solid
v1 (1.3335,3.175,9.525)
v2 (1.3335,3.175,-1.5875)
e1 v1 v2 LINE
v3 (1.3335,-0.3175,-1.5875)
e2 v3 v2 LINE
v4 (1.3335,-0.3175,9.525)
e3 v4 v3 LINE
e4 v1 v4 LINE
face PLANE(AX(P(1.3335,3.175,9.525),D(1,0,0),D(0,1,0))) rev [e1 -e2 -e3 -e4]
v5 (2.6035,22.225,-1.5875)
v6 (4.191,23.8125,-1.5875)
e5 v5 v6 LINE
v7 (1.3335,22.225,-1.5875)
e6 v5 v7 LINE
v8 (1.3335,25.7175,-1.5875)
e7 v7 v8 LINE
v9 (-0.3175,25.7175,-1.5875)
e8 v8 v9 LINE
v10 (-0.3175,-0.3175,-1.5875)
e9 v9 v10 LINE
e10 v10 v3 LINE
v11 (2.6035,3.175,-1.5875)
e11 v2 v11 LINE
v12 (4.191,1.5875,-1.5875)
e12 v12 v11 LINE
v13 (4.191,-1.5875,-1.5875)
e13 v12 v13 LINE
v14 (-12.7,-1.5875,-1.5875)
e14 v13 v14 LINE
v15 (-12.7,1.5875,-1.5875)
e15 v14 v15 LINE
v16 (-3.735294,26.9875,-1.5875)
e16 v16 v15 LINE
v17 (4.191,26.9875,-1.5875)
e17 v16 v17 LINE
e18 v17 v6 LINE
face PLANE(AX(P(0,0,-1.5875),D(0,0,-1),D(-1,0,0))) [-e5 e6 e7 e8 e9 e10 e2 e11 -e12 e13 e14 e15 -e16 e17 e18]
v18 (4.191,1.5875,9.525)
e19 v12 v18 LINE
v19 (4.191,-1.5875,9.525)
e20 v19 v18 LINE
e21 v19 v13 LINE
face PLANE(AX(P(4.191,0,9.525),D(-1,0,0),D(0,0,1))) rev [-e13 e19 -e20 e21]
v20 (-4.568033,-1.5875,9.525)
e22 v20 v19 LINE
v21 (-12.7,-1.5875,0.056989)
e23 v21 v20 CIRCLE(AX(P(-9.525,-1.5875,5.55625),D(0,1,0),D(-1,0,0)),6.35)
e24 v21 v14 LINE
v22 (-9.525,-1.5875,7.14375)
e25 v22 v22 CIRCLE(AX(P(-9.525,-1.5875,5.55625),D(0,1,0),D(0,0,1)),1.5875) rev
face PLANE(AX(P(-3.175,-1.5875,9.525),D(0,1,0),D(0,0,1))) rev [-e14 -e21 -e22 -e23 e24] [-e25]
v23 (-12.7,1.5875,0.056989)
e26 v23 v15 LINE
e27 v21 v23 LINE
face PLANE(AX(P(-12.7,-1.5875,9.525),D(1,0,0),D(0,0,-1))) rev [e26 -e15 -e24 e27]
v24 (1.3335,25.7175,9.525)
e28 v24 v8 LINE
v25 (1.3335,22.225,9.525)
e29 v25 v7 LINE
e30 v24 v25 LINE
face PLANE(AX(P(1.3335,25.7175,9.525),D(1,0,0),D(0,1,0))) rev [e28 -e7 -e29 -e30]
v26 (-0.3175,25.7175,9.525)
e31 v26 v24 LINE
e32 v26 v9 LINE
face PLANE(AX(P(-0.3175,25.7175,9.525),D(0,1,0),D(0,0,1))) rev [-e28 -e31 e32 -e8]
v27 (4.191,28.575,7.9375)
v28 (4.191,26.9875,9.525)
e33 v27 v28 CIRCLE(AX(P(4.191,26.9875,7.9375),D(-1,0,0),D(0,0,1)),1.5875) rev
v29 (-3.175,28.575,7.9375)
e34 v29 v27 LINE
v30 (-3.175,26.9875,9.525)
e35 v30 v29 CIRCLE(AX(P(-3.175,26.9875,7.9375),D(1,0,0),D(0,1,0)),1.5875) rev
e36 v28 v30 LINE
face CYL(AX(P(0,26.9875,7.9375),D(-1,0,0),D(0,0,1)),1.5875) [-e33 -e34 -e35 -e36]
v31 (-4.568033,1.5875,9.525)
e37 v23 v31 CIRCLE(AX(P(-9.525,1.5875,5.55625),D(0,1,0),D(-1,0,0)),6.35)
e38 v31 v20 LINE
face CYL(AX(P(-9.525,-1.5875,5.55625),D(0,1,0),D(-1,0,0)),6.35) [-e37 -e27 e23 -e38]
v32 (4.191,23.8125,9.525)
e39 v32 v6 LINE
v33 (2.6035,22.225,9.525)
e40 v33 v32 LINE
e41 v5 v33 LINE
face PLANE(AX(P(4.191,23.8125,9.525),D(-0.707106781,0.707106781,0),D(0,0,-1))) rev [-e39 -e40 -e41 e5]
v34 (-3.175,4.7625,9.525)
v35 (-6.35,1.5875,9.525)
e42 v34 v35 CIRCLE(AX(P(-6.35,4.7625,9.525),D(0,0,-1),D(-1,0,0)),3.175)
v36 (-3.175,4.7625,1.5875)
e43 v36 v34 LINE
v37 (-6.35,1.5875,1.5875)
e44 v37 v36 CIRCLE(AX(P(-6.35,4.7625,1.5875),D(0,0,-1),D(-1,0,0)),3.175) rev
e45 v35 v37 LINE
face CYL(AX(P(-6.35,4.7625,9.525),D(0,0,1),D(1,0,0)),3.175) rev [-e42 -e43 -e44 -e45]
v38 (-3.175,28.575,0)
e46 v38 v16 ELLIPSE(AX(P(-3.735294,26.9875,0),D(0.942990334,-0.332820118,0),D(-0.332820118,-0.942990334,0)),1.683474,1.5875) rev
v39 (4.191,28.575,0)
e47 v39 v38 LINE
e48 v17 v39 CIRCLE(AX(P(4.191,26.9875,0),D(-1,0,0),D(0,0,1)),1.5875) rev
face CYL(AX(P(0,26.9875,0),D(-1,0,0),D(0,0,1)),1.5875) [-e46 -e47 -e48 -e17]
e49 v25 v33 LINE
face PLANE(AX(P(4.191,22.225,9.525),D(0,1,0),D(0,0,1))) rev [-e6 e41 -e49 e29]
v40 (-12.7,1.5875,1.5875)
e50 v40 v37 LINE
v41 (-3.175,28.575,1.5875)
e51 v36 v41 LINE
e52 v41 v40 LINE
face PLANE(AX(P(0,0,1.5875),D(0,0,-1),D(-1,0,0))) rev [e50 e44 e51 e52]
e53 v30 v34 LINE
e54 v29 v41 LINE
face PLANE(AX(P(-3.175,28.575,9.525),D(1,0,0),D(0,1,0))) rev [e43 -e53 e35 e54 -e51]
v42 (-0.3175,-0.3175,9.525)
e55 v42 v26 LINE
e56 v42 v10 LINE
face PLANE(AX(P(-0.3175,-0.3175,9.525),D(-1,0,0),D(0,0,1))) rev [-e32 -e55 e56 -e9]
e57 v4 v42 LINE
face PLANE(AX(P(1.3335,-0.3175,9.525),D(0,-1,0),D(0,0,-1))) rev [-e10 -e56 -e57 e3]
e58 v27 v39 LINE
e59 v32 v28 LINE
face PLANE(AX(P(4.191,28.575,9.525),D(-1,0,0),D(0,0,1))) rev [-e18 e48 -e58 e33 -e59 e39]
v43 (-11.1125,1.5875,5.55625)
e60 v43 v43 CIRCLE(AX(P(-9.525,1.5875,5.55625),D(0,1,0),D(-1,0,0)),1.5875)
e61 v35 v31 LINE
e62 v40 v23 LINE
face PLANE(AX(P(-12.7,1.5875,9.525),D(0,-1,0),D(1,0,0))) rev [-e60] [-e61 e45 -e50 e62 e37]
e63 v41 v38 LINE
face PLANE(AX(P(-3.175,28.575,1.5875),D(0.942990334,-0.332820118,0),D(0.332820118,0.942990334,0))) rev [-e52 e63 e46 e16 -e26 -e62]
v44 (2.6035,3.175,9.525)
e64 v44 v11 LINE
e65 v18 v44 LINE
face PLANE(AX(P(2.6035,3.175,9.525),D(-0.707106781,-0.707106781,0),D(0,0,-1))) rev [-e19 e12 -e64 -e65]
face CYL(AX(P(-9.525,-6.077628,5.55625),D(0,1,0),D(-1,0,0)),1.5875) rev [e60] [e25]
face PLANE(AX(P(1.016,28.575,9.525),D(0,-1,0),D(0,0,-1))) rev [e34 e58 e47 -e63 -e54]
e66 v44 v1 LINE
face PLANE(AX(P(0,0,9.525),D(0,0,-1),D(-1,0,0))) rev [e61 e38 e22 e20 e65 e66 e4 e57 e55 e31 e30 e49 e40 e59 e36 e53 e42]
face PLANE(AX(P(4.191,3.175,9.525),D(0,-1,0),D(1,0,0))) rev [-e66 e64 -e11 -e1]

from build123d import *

# Parameters (mm, degrees)
BOSS_EXTRUDE1_DEPTH = 9.525
FILLET1_R           = 3.175
BOSS_EXTRUDE2_DEPTH = 1.5875
SKETCH3_R           = 1.5875
CUT_EXTRUDE1_DEPTH  = 3.175
CHAMFER1_SIZE       = 1.5875
FILLET2_R           = 1.5875
CUT_EXTRUDE2_DEPTH  = 12.7
FILLET3_R           = 1.5875
SKETCH5_R           = 6.35
SKETCH5_R_2         = 1.5875
BOSS_EXTRUDE3_DEPTH = 3.175


with BuildPart() as part:
    # Sketch1 → Boss-Extrude1 (new body, symmetric)
    with BuildSketch(Plane.XY):
        Polygon((-0.3175, -0.3175), (-0.3175, 25.7175), (1.3335, 25.7175), (1.3335, 22.225), (4.191, 22.225), (4.191, 28.575), (1.016, 28.575), (-3.175, 28.575), (-3.175, 1.5875), (-12.7, 1.5875), (-12.7, -1.5875), (-3.175, -1.5875), (4.191, -1.5875), (4.191, 0), (4.191, 3.175), (1.3335, 3.175), (1.3335, -0.3175), align=None)
    extrude(amount=BOSS_EXTRUDE1_DEPTH, both=True)

    # Fillet1
    fillet1_edges = [part.edges().sort_by_distance(p)[0] for p in [
        (-3.175, 1.5875, 0),
    ]]
    fillet(fillet1_edges, radius=FILLET1_R)

    # Sketch2 → Boss-Extrude2 (add, symmetric)
    with BuildSketch(Plane.XY):
        Polygon((-3.175, 28.575), (-12.7, 1.5875), (-3.175, 1.5875), align=None)
    extrude(amount=BOSS_EXTRUDE2_DEPTH, both=True)

    # Sketch3 → Cut-Extrude1 (cut)
    with BuildSketch(Plane(origin=(0, 1.5875, 0), x_dir=(1, 0, 0), z_dir=(0, 1, 0))):
        with Locations((-9.525, -5.55625)):
            Circle(SKETCH3_R)
        with Locations((-9.525, 5.55625)):
            Circle(SKETCH3_R)
    extrude(amount=-CUT_EXTRUDE1_DEPTH, mode=Mode.SUBTRACT)

    # Chamfer1
    chamfer1_edges = [part.edges().sort_by_distance(p)[0] for p in [
        (4.191, 3.175, 0),
        (4.191, 22.225, 0),
    ]]
    chamfer(chamfer1_edges, length=CHAMFER1_SIZE)

    # Fillet2
    fillet2_edges = [part.edges().sort_by_distance(p)[0] for p in [
        (0.508, 28.575, -9.525),
        (0.508, 28.575, 9.525),
    ]]
    fillet(fillet2_edges, radius=FILLET2_R)

    # Sketch4 → Cut-Extrude2 (cut)
    with BuildSketch(Plane(origin=(0, 0, -1.5875), x_dir=(-1, 0, 0), z_dir=(0, 0, -1))):
        Polygon((12.7, 1.5875), (3.175, 28.575), (-4.191, 28.575), (-4.191, -1.5875), (12.7, -1.5875), align=None)
    extrude(amount=CUT_EXTRUDE2_DEPTH, mode=Mode.SUBTRACT)

    # Fillet3
    fillet3_edges = [part.edges().sort_by_distance(p)[0] for p in [
        (0.508, 28.575, -1.5875),
    ]]
    fillet(fillet3_edges, radius=FILLET3_R)

    # Sketch5 → Boss-Extrude3 (add)
    with BuildSketch(Plane(origin=(0, 1.5875, 0), x_dir=(1, 0, 0), z_dir=(0, 1, 0))):
        with Locations((-9.525, -5.55625)):
            Circle(SKETCH5_R)
        with Locations((-9.525, -5.55625)):
            Circle(SKETCH5_R_2, mode=Mode.SUBTRACT)
    extrude(amount=-BOSS_EXTRUDE3_DEPTH)


solid = part.part
